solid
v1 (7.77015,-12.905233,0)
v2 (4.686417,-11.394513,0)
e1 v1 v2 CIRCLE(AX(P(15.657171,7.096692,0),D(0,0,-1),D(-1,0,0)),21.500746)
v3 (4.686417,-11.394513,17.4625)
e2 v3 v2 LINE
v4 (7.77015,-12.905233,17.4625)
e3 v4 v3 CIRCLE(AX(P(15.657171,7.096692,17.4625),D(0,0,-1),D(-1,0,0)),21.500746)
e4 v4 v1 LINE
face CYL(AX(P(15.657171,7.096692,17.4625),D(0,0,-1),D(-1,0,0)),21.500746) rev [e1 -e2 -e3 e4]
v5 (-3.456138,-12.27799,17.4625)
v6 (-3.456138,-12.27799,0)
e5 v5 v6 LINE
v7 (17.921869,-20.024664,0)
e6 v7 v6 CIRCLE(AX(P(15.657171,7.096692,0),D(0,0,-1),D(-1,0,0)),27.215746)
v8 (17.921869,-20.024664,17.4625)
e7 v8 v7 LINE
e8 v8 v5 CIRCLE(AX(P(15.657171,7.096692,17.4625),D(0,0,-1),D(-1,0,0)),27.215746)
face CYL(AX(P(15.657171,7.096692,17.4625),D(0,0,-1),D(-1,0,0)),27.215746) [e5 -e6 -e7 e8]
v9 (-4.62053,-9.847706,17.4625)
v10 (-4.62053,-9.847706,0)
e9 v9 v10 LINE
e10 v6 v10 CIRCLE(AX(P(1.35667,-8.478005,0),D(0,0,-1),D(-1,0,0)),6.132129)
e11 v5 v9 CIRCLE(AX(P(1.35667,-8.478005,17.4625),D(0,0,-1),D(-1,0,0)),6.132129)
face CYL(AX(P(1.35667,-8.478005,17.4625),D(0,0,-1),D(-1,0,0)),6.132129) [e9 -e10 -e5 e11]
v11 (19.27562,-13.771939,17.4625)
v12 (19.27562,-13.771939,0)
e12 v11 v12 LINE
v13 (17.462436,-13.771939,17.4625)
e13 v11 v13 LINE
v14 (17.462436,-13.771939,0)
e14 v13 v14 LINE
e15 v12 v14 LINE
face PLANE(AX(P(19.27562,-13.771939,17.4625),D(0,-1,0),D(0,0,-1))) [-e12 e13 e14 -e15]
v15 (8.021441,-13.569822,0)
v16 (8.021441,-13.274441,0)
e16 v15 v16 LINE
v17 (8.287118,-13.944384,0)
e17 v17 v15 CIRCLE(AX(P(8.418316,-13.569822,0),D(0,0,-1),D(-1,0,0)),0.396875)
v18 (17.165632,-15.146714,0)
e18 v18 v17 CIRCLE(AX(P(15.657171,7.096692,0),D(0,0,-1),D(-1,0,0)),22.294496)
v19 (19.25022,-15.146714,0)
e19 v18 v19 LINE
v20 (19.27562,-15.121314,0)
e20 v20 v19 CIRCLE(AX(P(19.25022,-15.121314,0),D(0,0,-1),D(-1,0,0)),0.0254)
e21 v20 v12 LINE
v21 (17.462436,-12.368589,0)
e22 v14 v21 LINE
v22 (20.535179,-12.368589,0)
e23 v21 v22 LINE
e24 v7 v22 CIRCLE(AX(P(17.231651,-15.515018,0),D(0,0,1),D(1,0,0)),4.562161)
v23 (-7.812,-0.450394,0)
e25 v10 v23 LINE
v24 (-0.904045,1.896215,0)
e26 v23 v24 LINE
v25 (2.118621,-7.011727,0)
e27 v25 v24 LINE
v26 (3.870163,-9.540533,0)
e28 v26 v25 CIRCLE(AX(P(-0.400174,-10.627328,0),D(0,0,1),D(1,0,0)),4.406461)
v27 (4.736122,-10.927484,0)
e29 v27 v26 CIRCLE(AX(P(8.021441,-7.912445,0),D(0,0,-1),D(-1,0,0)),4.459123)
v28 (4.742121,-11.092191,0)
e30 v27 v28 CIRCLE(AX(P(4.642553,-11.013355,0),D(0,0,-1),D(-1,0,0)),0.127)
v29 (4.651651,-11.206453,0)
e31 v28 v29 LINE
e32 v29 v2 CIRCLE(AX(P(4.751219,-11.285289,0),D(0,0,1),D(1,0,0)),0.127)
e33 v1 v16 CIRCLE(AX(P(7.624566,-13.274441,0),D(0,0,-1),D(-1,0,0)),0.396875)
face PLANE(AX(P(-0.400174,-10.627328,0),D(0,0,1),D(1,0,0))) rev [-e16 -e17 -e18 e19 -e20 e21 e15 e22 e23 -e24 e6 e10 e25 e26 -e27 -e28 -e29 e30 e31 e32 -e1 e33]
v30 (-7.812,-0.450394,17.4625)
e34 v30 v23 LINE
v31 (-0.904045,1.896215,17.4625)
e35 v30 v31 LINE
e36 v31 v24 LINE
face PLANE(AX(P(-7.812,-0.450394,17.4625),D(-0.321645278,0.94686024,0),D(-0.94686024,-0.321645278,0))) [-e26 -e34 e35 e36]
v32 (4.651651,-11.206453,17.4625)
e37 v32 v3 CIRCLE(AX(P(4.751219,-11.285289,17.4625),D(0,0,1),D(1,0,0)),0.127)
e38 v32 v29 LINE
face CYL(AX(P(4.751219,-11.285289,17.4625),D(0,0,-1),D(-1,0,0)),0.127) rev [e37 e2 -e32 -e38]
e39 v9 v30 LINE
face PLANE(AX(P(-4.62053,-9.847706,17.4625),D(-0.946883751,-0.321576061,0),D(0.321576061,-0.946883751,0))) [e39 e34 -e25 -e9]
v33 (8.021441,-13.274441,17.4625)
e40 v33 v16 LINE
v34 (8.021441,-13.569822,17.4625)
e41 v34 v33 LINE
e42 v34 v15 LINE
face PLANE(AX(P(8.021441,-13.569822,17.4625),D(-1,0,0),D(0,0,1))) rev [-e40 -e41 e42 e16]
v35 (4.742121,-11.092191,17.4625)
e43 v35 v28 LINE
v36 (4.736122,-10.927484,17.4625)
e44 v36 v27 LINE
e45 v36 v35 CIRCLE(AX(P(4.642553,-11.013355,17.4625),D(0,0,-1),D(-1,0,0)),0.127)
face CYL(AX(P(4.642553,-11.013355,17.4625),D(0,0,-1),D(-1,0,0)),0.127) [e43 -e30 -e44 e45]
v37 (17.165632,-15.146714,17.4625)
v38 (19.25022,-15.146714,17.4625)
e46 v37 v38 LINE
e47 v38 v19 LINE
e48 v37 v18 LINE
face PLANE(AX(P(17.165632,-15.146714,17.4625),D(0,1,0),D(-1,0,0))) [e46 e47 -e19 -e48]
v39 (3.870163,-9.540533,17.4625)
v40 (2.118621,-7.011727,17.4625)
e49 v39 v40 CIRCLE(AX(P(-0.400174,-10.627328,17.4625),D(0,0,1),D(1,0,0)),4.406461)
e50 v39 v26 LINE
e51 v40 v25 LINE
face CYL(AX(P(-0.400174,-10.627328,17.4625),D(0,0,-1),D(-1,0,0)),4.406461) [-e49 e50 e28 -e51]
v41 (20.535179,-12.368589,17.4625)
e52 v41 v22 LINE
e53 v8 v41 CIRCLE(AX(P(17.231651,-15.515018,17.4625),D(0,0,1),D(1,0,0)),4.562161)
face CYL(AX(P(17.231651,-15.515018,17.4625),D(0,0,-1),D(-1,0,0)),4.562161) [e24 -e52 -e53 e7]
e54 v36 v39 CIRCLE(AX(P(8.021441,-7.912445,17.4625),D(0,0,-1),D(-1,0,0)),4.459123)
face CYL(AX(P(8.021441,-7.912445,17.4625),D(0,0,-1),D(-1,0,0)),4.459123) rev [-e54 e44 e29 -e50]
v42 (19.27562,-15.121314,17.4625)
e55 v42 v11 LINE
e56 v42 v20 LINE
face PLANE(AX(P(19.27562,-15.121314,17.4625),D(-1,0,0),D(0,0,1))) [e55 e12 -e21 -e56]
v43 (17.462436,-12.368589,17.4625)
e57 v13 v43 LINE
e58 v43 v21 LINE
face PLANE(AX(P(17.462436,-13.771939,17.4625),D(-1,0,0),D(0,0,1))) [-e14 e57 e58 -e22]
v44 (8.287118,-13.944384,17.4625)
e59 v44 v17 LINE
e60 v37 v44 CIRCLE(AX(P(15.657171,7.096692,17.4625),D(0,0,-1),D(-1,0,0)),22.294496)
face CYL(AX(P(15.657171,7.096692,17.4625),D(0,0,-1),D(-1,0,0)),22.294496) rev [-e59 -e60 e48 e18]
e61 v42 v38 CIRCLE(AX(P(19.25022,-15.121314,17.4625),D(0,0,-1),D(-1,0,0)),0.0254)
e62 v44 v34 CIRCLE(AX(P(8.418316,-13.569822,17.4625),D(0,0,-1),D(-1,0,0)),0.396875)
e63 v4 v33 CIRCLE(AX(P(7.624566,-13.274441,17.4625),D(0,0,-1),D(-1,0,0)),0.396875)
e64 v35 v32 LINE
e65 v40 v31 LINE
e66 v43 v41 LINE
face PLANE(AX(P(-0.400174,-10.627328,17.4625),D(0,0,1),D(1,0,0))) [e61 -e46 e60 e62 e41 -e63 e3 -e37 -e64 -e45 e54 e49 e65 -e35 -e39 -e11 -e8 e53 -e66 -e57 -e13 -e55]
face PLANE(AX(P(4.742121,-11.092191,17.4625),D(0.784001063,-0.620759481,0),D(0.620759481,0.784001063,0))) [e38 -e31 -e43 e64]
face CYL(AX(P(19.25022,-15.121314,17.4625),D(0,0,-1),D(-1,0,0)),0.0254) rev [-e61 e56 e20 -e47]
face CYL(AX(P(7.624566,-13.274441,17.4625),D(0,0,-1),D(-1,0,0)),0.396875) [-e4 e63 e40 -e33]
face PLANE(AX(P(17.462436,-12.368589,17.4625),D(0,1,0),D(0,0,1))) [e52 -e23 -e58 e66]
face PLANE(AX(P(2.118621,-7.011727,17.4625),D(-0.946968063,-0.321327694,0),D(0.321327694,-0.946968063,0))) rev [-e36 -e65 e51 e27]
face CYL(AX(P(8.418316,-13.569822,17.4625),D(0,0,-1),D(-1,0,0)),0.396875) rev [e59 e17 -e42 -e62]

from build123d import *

# Parameters (mm, degrees)
BOSS_EXTRUDE1_DEPTH = 17.4625


with BuildPart() as part:
    # Sketch1 → Boss-Extrude1 (new body)
    with BuildSketch(Plane.XY):
        with BuildLine():
            Line((17.165632348, -15.146713758), (19.25021974, -15.146713758))
            ThreePointArc((19.25021974, -15.146713758), (19.268180252, -15.139274271), (19.27561974, -15.121313758))
            Line((19.27561974, -15.121313758), (19.27561974, -13.771938758))
            Line((19.27561974, -13.771938758), (17.462436286, -13.771938758))
            Line((17.462436286, -13.771938758), (17.462436286, -12.368588758))
            Line((17.462436286, -12.368588758), (20.535179361, -12.368588758))
            ThreePointArc((20.535179361, -12.368588758), (21.54921714, -16.988767417), (17.921869262, -20.024664455))
            ThreePointArc((17.921869262, -20.024664455), (6.385080471, -18.490906221), (-3.456137762, -12.277989546))
            ThreePointArc((-3.456137762, -12.277989546), (-4.173487151, -11.127601987), (-4.620530274, -9.847705847))
            Line((-4.620530274, -9.847705847), (-7.811999534, -0.450394448))
            Line((-7.811999534, -0.450394448), (-0.904044887, 1.896214799))
            Line((-0.904044887, 1.896214799), (2.118621316, -7.011726883))
            ThreePointArc((2.118621316, -7.011726883), (3.222227995, -8.118323003), (3.87016333, -9.540533423))
            ThreePointArc((3.87016333, -9.540533423), (4.239027768, -10.27403939), (4.736122073, -10.927483519))
            ThreePointArc((4.736122073, -10.927483519), (4.769468956, -11.008731963), (4.742121249, -11.092191097))
            Line((4.742121249, -11.092191097), (4.651650579, -11.206452905))
            ThreePointArc((4.651650579, -11.206452905), (4.626334833, -11.308376501), (4.686416978, -11.394512685))
            ThreePointArc((4.686416978, -11.394512685), (6.198075477, -12.211534349), (7.770150037, -12.905232694))
            ThreePointArc((7.770150037, -12.905232694), (7.952657914, -13.051135413), (8.021441195, -13.274441457))
            Line((8.021441195, -13.274441457), (8.021441195, -13.569821942))
            ThreePointArc((8.021441195, -13.569821942), (8.094604206, -13.799430989), (8.287118368, -13.944384215))
            ThreePointArc((8.287118368, -13.944384215), (12.665355124, -14.99614841), (17.165632348, -15.146713758))
        make_face()
    extrude(amount=BOSS_EXTRUDE1_DEPTH)


solid = part.part
